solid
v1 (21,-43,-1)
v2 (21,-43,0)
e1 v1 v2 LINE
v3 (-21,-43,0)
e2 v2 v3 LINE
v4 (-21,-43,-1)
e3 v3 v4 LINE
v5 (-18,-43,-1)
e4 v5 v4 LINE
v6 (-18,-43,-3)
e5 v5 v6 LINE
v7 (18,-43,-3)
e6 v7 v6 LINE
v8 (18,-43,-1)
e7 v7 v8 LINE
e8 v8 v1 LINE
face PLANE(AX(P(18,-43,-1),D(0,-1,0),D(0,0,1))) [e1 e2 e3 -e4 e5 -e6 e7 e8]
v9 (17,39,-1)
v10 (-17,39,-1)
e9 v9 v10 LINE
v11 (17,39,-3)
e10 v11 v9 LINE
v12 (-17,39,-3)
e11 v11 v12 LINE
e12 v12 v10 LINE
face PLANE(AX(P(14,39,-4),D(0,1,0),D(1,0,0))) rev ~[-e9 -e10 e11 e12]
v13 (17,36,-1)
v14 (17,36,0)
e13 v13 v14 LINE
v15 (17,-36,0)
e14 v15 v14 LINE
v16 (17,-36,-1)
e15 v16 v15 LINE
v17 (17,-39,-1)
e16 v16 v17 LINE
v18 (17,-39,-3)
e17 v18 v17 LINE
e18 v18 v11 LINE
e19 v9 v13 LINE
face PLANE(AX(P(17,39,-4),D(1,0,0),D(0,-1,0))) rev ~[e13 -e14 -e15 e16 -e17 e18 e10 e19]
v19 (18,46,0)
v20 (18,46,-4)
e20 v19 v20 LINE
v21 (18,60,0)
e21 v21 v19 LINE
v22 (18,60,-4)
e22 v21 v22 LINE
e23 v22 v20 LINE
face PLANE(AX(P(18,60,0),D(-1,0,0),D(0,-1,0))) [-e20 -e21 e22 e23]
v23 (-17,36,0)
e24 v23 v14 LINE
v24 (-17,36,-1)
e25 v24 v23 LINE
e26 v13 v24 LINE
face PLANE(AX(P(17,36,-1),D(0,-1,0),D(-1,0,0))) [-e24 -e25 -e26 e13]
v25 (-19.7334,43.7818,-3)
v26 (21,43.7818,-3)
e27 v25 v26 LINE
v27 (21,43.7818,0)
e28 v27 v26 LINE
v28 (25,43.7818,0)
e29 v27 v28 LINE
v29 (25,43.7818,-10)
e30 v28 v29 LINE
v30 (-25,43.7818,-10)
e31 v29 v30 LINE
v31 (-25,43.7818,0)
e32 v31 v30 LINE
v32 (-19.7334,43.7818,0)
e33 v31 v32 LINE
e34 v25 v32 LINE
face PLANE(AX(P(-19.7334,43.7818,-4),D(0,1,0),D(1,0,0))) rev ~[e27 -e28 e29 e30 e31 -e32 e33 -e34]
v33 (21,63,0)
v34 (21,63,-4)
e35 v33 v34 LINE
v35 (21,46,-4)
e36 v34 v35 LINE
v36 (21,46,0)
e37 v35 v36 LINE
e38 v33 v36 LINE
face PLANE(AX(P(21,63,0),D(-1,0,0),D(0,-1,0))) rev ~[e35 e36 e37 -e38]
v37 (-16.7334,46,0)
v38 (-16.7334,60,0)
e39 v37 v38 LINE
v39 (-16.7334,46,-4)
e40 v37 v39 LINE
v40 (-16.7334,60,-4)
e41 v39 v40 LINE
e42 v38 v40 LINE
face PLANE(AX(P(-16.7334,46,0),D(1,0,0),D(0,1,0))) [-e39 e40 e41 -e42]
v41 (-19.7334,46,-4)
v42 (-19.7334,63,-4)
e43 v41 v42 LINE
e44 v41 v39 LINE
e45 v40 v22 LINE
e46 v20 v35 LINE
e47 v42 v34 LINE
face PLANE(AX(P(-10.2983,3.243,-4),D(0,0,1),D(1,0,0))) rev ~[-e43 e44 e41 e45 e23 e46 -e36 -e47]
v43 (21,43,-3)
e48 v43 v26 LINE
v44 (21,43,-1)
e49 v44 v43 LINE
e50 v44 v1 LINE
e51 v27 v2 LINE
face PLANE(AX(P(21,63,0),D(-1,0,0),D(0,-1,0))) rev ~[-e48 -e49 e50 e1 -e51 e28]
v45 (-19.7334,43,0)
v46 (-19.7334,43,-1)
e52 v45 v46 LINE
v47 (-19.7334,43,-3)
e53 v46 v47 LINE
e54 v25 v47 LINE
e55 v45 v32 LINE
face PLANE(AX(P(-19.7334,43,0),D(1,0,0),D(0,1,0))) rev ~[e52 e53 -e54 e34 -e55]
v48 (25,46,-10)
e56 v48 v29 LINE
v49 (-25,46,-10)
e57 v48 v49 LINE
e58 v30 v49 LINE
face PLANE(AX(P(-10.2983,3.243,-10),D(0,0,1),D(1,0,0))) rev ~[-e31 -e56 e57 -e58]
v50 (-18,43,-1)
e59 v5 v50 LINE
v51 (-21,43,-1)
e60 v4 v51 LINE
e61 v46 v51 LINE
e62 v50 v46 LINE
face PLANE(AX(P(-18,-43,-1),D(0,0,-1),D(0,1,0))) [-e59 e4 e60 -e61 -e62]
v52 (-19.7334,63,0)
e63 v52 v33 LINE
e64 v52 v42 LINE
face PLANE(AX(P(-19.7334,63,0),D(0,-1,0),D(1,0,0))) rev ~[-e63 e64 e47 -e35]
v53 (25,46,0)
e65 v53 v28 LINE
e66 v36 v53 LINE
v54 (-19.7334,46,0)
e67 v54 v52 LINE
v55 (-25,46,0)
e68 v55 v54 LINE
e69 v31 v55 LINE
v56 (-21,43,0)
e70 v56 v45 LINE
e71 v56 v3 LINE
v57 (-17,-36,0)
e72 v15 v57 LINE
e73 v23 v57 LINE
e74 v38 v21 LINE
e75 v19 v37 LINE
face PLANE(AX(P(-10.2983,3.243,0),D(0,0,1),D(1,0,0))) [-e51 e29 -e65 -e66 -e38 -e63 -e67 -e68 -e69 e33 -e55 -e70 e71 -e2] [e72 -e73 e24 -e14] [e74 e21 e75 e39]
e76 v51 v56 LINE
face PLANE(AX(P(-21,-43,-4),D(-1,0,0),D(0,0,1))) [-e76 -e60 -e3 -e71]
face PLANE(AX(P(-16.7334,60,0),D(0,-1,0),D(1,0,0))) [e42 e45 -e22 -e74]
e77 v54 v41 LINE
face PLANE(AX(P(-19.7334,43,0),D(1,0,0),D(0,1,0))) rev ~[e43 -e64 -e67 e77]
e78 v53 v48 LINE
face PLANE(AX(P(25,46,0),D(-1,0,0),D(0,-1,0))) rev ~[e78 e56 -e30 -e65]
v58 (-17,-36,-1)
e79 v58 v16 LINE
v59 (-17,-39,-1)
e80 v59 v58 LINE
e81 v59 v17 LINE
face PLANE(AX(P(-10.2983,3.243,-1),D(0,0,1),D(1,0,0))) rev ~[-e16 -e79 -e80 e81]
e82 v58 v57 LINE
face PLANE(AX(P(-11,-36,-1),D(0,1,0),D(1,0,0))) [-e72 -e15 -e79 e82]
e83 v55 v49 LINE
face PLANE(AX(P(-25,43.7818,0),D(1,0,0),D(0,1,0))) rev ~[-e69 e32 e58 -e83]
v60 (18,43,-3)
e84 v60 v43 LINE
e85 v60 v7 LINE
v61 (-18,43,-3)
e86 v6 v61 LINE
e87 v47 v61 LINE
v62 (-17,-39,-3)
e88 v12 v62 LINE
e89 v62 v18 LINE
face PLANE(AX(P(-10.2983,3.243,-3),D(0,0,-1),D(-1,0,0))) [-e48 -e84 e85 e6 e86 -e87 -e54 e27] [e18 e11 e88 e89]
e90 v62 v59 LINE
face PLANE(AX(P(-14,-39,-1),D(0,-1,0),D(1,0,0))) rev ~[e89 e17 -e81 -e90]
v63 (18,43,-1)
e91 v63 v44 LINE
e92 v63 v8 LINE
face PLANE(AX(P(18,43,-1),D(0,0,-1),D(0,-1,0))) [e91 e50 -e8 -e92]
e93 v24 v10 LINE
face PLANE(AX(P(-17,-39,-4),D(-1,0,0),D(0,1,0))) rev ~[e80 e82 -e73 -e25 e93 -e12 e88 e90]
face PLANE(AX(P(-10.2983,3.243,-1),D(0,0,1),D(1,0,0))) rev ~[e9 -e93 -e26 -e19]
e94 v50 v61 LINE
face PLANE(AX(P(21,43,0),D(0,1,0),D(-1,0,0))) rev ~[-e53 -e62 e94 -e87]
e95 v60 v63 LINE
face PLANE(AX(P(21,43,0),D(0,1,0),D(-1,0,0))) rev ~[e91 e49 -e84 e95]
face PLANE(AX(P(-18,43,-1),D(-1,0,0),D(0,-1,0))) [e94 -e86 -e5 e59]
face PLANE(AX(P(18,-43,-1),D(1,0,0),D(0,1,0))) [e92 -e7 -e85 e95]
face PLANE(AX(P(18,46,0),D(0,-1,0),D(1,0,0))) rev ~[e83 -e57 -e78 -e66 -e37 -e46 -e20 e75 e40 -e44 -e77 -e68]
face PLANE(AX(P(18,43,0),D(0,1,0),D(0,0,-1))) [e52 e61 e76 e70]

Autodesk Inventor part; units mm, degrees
ref_plane "YZ Plane" through (0, 0, 0) normal (1, 0, 0) x (0, 1, 0)
ref_plane "XZ Plane" through (0, 0, 0) normal (0, 1, 0) x (-1, 0, 0)
ref_plane "XY Plane" through (0, 0, 0) normal (0, 0, 1) x (1, 0, 0)
ref_plane "Arbeitsebene1" through (-10.2983, 3.243, -1) normal (0, 0, -1) x (-1, 0, 0)
sketch "Skizze1" plane through (-10.2983, 3.243, -1) normal (0, 0, -1) x (-1, 0, 0)
  line L0 (2.7017, 34.757) -> (-23.2983, 34.757) projected
  line L1 (-23.2983, 34.757) -> (-23.2983, -41.243) projected
  line L2 (-23.2983, -41.243) -> (2.7017, -41.243) projected
  line L3 (2.7017, -41.243) -> (2.7017, 34.757) projected
  line L4 (3.7017, -42.243) -> (-24.2983, -42.243)
  line L5 (-24.2983, -42.243) -> (-24.2983, 35.757)
  line L6 (-24.2983, 35.757) -> (3.7017, 35.757)
  line L7 (3.7017, 35.757) -> (3.7017, -42.243)
  line L8 (7.7017, -46.243) -> (-28.2983, -46.243)
  line L9 (-28.2983, -46.243) -> (-28.2983, 39.757)
  line L10 (-28.2983, 39.757) -> (7.7017, 39.757)
  line L11 (7.7017, 39.757) -> (7.7017, -46.243)
  point P0 (-10.2983, -3.243)
  dimension "d1" = 4
  dimension "d39" = 36
extrude "Extrusion1" add sketch "Skizze1" along normal blind 3 contours L8 L9 L10 L11
sketch "Skizze2" plane through (-10.2983, 3.243, -1) normal (0, 0, 1) x (1, 0, 0)
  line L0 (24.2983, 35.757) -> (24.2983, -42.243) projected
  line L1 (24.2983, -42.243) -> (-3.7017, -42.243) projected
  line L2 (-3.7017, -42.243) -> (-3.7017, 35.757) projected
  line L3 (-3.7017, 35.757) -> (24.2983, 35.757) projected
  line L4 (-7.7017, -46.243) -> (28.2983, -46.243) projected
  line L5 (28.2983, -46.243) -> (28.2983, 39.757) projected
  line L6 (28.2983, 39.757) -> (-7.7017, 39.757) projected
  line L7 (-7.7017, 39.757) -> (-7.7017, -46.243) projected
  line L8 (22.2983, 33.757) -> (22.2983, -40.243)
  line L9 (22.2983, -40.243) -> (-1.7017, -40.243)
  line L10 (-1.7017, -40.243) -> (-1.7017, 33.757)
  line L11 (-1.7017, 33.757) -> (22.2983, 33.757)
  line L12 (21.2983, -39.243) -> (21.2983, 32.757)
  line L13 (21.2983, 32.757) -> (-0.7017, 32.757)
  line L14 (-0.7017, 32.757) -> (-0.7017, -39.243)
  line L15 (-0.7017, -39.243) -> (21.2983, -39.243)
  point P0 (10.2983, -3.243)
  dimension "d4" = 2
  dimension "d45" = 1
extrude "Extrusion2" add sketch "Skizze2" along normal blind 1 contours L0 L1 L2 L3 | L7 L6 L5 L4 | L8 L9 L10 L11
ref_plane "Arbeitsebene2" through (-18, -43, -2.5) normal (0, -1, 0) x (1, 0, 0)
sketch "Skizze9" plane through (-18, -43, -4) normal (-1, 0, 0) x (0, 0, 1)
  line L0 (0, 86) -> (4, 86) projected
  line L1 (0, 0) -> (0, 86) projected
  line L2 (4, 0) -> (0, 0) projected
  line L3 (4, 86) -> (4, 0) projected
  line L4 (4, 0) -> (3, 0)
  line L5 (3, 0) -> (3, 86)
  line L6 (3, 86) -> (4, 86)
  line L7 (4, 86) -> (4, 0)
  line L8 (4, 0) -> (3, 86) construction
  line L9 (3, 0) -> (4, 86) construction
  dimension "d27" = 1
extrude "Extrusion9" add sketch "Skizze9" along normal blind 3 contours L0 L3 L2 L5
sketch "Skizze10" plane through (18, -43, -4) normal (1, 0, 0) x (0, 0, -1)
  line L0 (-3, 86) -> (-3, 0) projected
  line L1 (-3, 0) -> (-4, 0) projected
  line L2 (-4, 0) -> (-4, 86) projected
  line L3 (-4, 86) -> (-3, 86) projected
  point P0 (-4, 43)
extrude "Extrusion10" add sketch "Skizze10" along normal blind 3
sketch "Skizze11" plane through (-10.2983, 3.243, 0) normal (0, 0, 1) x (1, 0, 0)
  line L0 (22.2983, -40.243) -> (-1.7017, -40.243) projected
  line L1 (-1.7017, -40.243) -> (-1.7017, 33.757) projected
  line L2 (-1.7017, 33.757) -> (22.2983, 33.757) projected
  line L3 (22.2983, 33.757) -> (22.2983, -40.243) projected
  line L4 (31.2983, 39.757) -> (-9.4351, 39.757)
  line L5 (-9.4351, 39.757) -> (-9.4351, 59.757)
  line L6 (-9.4351, 59.757) -> (31.2983, 59.757)
  line L7 (31.2983, 59.757) -> (31.2983, 39.757)
  line L8 (28.2983, 42.757) -> (-6.4351, 42.757)
  line L9 (-6.4351, 42.757) -> (-6.4351, 56.757)
  line L10 (-6.4351, 56.757) -> (28.2983, 56.757)
  line L11 (28.2983, 56.757) -> (28.2983, 42.757)
  point P0 (10.2983, -3.243)
  dimension "d32" = 20
  dimension "d33" = 3
extrude "Extrusion11" add sketch "Skizze11" against normal up to surface (4 mm away) contours L4 L5 L6 L7
sketch "Skizze12" plane through (-10.2983, 3.243, 0) normal (0, 0, 1) x (1, 0, 0)
  line L0 (28.2983, 56.757) -> (28.2983, 42.757) projected
  line L1 (28.2983, 42.757) -> (-6.4351, 42.757) projected
  line L2 (-6.4351, 42.757) -> (-6.4351, 56.757) projected
  line L3 (-6.4351, 56.757) -> (28.2983, 56.757) projected
  line L4 (31.2983, -46.243) -> (31.2983, 59.757) projected
  line L5 (31.2983, 59.757) -> (-9.4351, 59.757) projected
  line L6 (-9.4351, 59.757) -> (-9.4351, 39.757) projected
  line L7 (35.2983, 40.5388) -> (-14.7017, 40.5388)
  line L8 (-14.7017, 40.5388) -> (-14.7017, 42.757)
  line L9 (-14.7017, 42.757) -> (35.2983, 42.757)
  line L10 (35.2983, 42.757) -> (35.2983, 40.5388)
  line L11 (35.2983, 40.5388) -> (-14.7017, 42.757) construction
  line L12 (-14.7017, 40.5388) -> (35.2983, 42.757) construction
  line L13 (31.2983, -46.243) -> (-10.7017, -46.243) projected
  line L14 (-10.7017, 39.757) -> (-9.4351, 39.757) projected
  line L15 (-10.7017, -46.243) -> (-10.7017, 39.757) projected
  point P0 (10.2983, -3.243)
  point P1 (10.2983, 41.6479)
  dimension "d36" = 50
extrude "Extrusion12" add sketch "Skizze12" against normal blind 10 contours L9 L4 L7 L6 L1 | L9 L10 L7 L4 | L6 L7 L8 L9
sketch "Skizze13" plane through (-10.2983, 3.243, -4) normal (0, 0, -1) x (-1, 0, 0)
  line L0 (-24.2983, -42.243) -> (-24.2983, 35.757) projected
  line L1 (-24.2983, 35.757) -> (3.7017, 35.757) projected
  line L2 (3.7017, 35.757) -> (3.7017, -42.243) projected
  line L3 (3.7017, -42.243) -> (-24.2983, -42.243) projected
  line L4 (9.4351, 40.5388) -> (-31.2983, 40.5388) projected
  line L5 (-31.2983, 39.757) -> (-31.2983, 40.5388) projected
  line L6 (-28.2983, 39.757) -> (-31.2983, 39.757) projected
  line L7 (-28.2983, 39.757) -> (-28.2983, -46.243) projected
  line L8 (-28.2983, -46.243) -> (7.7017, -46.243) projected
  line L9 (7.7017, -46.243) -> (7.7017, 39.757) projected
  line L10 (9.4351, 39.757) -> (7.7017, 39.757) projected
  line L11 (9.4351, 40.5388) -> (9.4351, 39.757) projected
  line L12 (-27.2983, -42.243) -> (6.7017, -42.243)
  line L13 (6.7017, -42.243) -> (6.7017, 35.757)
  line L14 (6.7017, 35.757) -> (-27.2983, 35.757)
  line L15 (-27.2983, 35.757) -> (-27.2983, -42.243)
  line L16 (-27.2983, -42.243) -> (6.7017, 35.757) construction
  line L17 (6.7017, -42.243) -> (-27.2983, 35.757) construction
  point P0 (-10.2983, -3.243)
  dimension "d40" = 34
extrude "Extrusion13" cut sketch "Skizze13" against normal up to surface (3 mm away) contours L12 L15 L14 L0 | L2 L14 L13 L12
sketch "Skizze14" plane through (-10.2983, 3.243, -4) normal (0, 0, -1) x (-1, 0, 0)
  line L0 (6.7017, -42.243) -> (-27.2983, -42.243) projected
  line L1 (-27.2983, -42.243) -> (-27.2983, 35.757) projected
  line L2 (-27.2983, 35.757) -> (6.7017, 35.757) projected
  line L3 (6.7017, 35.757) -> (6.7017, -42.243) projected
  line L4 (9.4351, 40.5388) -> (-31.2983, 40.5388) projected
  line L5 (-31.2983, 39.757) -> (-31.2983, 40.5388) projected
  line L6 (-28.2983, 39.757) -> (-31.2983, 39.757) projected
  line L7 (-28.2983, 39.757) -> (-28.2983, -46.243) projected
  line L8 (-28.2983, -46.243) -> (7.7017, -46.243) projected
  line L9 (7.7017, -46.243) -> (7.7017, 39.757) projected
  line L10 (9.4351, 39.757) -> (7.7017, 39.757) projected
  line L11 (9.4351, 40.5388) -> (9.4351, 39.757) projected
  point P0 (-10.2983, -3.243)
extrude "Extrusion14" cut sketch "Skizze14" against normal blind 1
sketch "Skizze15" plane through (-10.2983, 3.243, -1) normal (0, 0, -1) x (-1, 0, 0)
  line L0 (0.7017, -39.243) -> (-21.2983, -39.243) projected
  line L1 (-21.2983, -39.243) -> (-21.2983, 32.757) projected
  line L2 (-21.2983, 32.757) -> (0.7017, 32.757) projected
  line L3 (0.7017, 32.757) -> (0.7017, -39.243) projected
  line L4 (-27.2983, -42.243) -> (6.7017, -42.243) projected
  line L5 (6.7017, -42.243) -> (6.7017, 35.757) projected
  line L6 (6.7017, 35.757) -> (-27.2983, 35.757) projected
  line L7 (-27.2983, 35.757) -> (-27.2983, -42.243) projected
  line L8 (6.7017, -39.243) -> (-27.2983, -39.243)
  line L9 (-27.2983, -39.243) -> (-27.2983, 32.757)
  line L10 (-27.2983, 32.757) -> (6.7017, 32.757)
  line L11 (6.7017, 32.757) -> (6.7017, -39.243)
  line L12 (6.7017, -39.243) -> (-27.2983, 32.757) construction
  line L13 (-27.2983, -39.243) -> (6.7017, 32.757) construction
  point P0 (-10.2983, -3.243)
extrude "Extrusion15" cut sketch "Skizze15" against normal through all contours L3 L10 L5 L8 | L8 L7 L10 L1
properties part number "41_Objektträger_Tray"
